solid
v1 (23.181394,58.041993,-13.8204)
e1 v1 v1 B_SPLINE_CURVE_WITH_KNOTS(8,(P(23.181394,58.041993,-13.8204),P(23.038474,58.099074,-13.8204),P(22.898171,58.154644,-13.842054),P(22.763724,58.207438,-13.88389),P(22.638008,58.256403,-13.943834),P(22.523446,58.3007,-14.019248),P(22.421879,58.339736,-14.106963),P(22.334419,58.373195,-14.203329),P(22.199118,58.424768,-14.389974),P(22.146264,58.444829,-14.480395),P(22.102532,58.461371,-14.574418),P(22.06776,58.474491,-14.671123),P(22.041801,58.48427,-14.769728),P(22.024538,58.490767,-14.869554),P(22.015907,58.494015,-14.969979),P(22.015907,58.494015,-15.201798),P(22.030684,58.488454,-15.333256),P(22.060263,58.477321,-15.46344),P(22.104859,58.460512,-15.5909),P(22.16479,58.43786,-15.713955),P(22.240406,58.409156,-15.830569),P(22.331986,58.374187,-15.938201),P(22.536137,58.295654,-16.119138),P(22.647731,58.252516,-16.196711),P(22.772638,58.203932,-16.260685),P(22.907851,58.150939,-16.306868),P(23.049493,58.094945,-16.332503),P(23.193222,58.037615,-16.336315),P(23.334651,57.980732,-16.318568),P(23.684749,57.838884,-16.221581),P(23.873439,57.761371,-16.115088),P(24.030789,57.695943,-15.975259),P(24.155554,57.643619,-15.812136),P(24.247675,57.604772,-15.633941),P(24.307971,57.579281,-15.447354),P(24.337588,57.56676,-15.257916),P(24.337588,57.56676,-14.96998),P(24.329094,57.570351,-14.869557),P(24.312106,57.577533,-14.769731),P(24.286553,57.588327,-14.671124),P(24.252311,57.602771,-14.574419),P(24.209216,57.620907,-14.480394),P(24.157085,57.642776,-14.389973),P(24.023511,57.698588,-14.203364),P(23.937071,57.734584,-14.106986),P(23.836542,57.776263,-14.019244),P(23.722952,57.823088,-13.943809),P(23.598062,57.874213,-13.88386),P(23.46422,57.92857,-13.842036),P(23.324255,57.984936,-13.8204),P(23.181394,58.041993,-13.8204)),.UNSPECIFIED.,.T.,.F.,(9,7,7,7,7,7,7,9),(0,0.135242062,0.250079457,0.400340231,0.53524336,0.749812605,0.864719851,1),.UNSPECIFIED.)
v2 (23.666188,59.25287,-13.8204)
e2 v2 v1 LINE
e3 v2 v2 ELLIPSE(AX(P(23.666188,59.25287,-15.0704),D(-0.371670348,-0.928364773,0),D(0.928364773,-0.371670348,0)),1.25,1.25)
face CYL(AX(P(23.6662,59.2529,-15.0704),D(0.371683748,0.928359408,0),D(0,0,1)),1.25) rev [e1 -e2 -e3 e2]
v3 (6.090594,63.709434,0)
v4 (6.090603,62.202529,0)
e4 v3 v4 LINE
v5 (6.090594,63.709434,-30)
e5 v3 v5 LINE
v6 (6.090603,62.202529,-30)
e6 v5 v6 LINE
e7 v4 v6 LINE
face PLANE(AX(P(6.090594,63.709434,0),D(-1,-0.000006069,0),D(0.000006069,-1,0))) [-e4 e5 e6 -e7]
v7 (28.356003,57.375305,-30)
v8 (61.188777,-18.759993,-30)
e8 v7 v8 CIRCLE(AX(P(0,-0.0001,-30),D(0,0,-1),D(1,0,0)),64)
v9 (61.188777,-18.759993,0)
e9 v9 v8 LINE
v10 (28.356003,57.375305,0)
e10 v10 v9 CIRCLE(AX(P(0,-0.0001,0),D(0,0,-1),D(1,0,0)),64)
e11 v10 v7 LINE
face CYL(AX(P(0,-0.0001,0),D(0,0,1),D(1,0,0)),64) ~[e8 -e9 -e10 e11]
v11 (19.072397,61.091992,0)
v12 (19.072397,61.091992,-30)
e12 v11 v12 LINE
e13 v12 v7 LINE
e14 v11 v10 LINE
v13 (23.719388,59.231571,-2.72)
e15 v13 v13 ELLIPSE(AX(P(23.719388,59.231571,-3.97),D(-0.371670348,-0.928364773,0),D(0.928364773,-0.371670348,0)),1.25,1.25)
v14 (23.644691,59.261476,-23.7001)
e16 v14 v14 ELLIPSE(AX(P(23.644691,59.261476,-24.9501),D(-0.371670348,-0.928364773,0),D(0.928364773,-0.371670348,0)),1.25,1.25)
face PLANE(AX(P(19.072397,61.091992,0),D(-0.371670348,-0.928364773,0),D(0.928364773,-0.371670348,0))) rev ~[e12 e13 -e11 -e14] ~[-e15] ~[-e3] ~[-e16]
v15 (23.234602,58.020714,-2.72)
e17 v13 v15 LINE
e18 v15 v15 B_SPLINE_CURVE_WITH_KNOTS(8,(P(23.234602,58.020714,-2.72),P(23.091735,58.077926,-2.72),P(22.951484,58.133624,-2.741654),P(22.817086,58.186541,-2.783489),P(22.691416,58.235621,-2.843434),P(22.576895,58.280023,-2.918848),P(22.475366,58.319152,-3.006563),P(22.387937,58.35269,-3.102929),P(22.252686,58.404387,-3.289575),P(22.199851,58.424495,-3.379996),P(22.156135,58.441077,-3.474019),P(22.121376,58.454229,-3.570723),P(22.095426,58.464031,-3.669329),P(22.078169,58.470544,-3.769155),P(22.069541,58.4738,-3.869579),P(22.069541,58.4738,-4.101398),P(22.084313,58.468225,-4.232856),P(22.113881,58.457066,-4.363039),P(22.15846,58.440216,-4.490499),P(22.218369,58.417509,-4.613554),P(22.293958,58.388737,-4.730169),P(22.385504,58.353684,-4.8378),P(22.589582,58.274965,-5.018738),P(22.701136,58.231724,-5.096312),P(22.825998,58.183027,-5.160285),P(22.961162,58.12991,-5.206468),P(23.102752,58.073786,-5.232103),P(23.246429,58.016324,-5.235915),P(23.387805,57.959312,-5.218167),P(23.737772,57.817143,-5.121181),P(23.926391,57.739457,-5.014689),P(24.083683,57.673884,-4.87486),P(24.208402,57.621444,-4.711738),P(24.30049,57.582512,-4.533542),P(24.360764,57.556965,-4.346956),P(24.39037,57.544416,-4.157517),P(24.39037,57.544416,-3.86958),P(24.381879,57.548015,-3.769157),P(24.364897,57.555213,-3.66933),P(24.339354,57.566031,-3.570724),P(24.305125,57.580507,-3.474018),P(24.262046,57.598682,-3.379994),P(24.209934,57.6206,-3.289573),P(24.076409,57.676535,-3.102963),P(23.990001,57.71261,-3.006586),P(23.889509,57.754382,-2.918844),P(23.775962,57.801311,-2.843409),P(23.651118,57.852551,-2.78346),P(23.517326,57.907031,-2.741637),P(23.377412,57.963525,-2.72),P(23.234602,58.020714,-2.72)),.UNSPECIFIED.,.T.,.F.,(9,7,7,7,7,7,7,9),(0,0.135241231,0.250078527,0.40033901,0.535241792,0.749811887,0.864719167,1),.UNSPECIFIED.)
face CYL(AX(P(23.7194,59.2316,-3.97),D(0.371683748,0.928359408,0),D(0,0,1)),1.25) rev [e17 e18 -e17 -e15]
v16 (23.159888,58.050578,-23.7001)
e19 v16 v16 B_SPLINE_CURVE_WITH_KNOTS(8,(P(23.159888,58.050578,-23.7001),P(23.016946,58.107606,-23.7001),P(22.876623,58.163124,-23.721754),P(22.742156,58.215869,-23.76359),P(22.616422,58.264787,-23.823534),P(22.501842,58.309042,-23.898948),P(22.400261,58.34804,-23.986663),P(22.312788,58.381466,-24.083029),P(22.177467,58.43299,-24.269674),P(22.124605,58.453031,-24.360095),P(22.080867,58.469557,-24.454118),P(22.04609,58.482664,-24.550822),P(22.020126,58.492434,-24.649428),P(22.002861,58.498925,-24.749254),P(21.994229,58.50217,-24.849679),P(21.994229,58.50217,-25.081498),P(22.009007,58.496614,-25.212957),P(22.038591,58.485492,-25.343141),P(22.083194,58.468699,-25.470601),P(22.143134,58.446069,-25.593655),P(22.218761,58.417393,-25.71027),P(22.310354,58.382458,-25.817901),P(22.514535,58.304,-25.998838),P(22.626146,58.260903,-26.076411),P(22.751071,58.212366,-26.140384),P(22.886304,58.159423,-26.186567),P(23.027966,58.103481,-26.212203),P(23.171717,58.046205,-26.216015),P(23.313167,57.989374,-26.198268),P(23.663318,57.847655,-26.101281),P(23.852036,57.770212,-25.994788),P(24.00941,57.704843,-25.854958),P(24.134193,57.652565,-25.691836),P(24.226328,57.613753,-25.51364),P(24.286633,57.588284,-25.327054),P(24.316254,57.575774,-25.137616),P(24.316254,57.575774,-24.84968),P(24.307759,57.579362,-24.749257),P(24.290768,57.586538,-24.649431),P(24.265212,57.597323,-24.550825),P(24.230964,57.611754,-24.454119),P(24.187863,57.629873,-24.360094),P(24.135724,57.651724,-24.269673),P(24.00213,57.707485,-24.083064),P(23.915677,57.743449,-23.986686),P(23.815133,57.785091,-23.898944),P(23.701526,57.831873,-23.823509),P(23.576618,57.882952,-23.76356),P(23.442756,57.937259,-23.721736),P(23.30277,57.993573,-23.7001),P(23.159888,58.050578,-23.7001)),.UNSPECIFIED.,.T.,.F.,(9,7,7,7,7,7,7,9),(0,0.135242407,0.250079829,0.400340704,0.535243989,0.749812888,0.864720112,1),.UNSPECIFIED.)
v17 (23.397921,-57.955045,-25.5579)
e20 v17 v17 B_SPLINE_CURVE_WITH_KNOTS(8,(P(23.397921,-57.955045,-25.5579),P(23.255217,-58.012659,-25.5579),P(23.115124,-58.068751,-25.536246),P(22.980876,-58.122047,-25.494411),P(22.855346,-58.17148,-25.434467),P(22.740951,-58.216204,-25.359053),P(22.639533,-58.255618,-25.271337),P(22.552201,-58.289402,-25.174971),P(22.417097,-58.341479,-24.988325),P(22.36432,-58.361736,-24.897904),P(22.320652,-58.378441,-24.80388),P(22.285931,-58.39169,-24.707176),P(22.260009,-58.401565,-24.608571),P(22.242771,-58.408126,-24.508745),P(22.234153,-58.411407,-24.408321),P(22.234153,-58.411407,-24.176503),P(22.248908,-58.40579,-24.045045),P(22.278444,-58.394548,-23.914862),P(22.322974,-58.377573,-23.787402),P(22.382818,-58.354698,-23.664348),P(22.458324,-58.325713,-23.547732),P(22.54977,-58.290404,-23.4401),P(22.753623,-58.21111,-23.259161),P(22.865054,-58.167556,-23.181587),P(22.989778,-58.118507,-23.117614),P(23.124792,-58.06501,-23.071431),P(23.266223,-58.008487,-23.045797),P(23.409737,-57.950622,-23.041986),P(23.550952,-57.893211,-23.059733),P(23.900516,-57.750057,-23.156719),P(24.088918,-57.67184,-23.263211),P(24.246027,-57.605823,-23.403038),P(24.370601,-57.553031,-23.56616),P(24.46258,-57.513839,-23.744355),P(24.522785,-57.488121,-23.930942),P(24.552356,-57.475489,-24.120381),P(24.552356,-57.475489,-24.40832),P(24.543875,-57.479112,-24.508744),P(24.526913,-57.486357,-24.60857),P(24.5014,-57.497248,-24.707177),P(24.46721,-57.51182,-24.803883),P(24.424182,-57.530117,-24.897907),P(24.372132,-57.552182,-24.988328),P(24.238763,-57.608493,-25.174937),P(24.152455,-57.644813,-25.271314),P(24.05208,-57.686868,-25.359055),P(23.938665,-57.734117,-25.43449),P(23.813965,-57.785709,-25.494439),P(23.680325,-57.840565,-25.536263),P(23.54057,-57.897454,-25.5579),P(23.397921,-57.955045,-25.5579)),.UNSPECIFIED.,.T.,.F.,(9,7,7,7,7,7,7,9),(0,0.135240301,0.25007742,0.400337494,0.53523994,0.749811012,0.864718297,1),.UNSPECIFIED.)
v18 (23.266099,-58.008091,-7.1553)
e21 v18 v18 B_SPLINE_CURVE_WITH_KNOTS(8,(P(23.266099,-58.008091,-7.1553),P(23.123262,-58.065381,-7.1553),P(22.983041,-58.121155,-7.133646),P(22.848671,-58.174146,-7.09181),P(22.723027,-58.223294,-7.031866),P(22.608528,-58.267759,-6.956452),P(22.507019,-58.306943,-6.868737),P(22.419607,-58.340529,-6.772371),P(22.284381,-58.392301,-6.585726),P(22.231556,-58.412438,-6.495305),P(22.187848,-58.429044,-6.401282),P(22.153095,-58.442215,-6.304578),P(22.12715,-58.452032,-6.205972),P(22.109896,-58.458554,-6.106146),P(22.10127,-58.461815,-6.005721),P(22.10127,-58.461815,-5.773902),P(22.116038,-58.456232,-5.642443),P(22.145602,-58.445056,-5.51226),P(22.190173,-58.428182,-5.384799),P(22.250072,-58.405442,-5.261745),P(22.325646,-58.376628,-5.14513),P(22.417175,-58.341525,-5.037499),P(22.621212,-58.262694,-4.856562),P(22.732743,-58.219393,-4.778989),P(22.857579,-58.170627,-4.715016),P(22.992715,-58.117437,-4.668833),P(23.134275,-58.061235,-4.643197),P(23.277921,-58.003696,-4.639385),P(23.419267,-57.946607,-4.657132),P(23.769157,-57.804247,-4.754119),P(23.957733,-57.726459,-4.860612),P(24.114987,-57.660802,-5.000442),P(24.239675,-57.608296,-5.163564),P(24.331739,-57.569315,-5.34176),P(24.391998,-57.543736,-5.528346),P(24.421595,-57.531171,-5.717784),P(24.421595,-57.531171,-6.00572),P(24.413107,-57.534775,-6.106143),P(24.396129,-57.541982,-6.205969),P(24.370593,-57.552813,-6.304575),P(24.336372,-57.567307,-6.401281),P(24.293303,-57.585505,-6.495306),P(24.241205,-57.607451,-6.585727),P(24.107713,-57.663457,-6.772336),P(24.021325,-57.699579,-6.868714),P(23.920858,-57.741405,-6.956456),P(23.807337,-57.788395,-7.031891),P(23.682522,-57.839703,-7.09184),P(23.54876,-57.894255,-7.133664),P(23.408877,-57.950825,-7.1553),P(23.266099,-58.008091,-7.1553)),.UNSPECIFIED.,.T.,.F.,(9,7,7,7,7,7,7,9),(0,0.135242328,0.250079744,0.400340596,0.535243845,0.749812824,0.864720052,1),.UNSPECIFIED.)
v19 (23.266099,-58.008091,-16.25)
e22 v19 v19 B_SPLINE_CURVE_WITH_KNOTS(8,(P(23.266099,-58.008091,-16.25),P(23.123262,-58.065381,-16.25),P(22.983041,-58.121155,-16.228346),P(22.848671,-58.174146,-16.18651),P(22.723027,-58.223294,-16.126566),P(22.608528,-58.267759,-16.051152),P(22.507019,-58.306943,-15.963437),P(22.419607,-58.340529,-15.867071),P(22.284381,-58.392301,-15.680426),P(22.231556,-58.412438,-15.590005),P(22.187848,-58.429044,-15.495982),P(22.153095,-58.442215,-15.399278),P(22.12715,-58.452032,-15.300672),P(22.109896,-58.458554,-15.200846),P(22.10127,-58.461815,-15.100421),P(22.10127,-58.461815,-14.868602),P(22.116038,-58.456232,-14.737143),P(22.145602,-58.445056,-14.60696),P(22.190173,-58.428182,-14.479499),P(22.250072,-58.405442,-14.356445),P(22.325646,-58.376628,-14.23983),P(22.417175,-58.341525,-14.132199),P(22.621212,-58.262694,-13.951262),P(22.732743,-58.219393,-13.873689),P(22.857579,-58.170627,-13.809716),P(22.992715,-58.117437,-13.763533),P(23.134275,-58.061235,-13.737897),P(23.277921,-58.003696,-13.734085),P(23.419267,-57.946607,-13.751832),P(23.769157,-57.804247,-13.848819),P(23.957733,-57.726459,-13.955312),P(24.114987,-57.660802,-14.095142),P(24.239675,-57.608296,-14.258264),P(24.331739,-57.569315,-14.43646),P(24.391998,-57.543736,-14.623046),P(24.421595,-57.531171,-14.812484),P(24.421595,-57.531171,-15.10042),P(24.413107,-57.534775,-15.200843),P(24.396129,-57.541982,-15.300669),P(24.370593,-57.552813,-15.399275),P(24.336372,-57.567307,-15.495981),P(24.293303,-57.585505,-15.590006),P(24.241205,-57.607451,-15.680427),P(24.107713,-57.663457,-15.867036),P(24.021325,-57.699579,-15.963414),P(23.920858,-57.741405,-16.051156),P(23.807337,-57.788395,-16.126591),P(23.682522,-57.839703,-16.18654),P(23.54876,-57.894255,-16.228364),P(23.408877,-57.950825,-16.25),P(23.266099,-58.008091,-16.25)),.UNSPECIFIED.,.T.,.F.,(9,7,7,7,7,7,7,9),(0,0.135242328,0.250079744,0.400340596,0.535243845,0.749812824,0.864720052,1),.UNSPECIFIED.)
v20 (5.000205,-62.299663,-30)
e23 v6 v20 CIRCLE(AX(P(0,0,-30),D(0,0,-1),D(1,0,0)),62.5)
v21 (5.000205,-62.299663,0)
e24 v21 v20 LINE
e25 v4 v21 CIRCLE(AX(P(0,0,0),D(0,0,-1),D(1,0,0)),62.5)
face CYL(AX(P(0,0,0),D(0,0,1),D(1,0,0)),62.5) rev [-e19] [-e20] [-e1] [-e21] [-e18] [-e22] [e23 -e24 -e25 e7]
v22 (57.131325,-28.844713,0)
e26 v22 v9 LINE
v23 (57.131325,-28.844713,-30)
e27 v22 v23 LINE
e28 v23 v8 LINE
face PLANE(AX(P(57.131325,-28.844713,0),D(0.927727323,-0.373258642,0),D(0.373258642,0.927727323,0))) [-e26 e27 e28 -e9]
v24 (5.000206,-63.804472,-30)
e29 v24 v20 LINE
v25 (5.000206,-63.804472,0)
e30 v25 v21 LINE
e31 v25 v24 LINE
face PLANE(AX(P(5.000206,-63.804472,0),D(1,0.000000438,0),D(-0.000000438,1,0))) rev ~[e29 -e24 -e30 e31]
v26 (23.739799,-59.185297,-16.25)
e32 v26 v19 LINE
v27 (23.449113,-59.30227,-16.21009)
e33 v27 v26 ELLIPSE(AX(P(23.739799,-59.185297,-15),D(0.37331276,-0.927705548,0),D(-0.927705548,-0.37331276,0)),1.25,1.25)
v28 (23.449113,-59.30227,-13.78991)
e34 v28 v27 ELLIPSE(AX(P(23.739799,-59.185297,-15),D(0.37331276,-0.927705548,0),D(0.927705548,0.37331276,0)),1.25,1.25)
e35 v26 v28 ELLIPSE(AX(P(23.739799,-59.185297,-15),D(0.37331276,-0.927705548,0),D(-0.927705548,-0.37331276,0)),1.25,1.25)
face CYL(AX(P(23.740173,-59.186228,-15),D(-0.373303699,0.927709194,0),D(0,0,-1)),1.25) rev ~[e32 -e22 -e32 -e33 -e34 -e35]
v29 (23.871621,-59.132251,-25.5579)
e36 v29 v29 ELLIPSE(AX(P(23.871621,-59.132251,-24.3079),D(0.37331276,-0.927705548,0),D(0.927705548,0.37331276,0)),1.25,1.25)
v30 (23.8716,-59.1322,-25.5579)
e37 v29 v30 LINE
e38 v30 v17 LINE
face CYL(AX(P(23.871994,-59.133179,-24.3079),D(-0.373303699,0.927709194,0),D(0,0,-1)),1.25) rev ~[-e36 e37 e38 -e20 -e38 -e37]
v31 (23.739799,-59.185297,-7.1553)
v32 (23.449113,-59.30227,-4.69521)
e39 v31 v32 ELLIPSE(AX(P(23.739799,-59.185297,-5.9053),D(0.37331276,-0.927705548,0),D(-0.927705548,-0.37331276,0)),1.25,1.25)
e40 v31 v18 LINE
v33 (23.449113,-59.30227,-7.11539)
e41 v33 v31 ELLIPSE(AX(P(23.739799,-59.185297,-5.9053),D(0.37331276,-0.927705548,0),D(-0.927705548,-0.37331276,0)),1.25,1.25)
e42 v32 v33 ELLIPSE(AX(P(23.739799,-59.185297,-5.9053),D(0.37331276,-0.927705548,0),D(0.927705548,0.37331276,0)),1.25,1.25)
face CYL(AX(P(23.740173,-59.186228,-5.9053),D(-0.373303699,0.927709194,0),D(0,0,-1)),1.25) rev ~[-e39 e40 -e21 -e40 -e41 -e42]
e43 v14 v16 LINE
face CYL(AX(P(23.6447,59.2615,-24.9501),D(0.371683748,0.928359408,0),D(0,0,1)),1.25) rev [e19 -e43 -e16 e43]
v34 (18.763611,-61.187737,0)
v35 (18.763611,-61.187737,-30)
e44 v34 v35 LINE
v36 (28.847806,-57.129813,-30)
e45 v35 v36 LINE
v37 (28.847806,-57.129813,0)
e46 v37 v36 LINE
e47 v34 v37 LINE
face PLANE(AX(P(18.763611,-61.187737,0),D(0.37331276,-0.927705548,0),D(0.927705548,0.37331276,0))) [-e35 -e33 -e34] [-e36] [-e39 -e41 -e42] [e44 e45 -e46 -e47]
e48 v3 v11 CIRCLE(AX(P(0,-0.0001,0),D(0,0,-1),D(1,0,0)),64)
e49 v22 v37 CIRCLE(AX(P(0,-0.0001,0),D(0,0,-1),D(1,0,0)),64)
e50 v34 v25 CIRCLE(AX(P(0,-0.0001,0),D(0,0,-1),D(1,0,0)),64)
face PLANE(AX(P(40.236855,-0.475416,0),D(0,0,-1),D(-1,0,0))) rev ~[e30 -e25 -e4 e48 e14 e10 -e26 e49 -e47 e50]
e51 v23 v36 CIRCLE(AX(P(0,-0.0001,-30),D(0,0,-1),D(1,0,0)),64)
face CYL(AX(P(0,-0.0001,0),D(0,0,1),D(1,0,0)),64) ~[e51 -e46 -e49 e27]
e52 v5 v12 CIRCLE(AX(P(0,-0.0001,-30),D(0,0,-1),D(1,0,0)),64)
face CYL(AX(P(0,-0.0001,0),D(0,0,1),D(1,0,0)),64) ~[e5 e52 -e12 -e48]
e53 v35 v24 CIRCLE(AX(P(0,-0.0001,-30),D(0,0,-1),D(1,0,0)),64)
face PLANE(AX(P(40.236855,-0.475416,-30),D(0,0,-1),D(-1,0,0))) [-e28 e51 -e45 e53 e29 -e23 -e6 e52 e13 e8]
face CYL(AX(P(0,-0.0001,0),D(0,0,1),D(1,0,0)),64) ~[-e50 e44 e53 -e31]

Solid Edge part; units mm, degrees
sketch "Sketch1" plane through (0, 0, 0) normal (0, 0, 1) x (1, 0, 0)
  arc A0 (28.356, 57.3753) -> (61.1888, -18.76) centre (0, -0.0001) cw
  line L0 (57.1313, -28.8447) -> (61.1888, -18.76)
  arc A1 (57.1313, -28.8447) -> (28.8478, -57.1298) centre (0, -0.0001) cw
  line L1 (18.7636, -61.1877) -> (28.8478, -57.1298)
  arc A2 (18.7636, -61.1877) -> (5.0002, -63.8044) centre (0, -0.0001) cw
  line L2 (5.0002, -63.8044) -> (5.0002, -62.2996)
  line L3 (6.0906, 63.7095) -> (6.0906, 62.2025)
  arc A3 (6.0906, 63.7095) -> (19.0724, 61.092) centre (0, -0.0001) cw
  line L4 (19.0724, 61.092) -> (28.356, 57.3753)
  arc A4 (6.0906, 62.2025) -> (5.0002, -62.2997) centre (0, 0) cw
  arc A5 (6.0906, 62.2025) -> (5.0002, -62.2997) centre (0, 0) cw
  arc A6 (6.0906, 62.2025) -> (5.0002, -62.2997) centre (0, 0) cw
extrude "Protrusion1" add sketch "Sketch1" against normal blind 30
hole "Hole_3" at (23.7398, -59.1853, -5.9053) direction (-0.3733, 0.9277, 0) diameter 2.5 end up to next
hole "Hole1" at (23.8716, -59.1322, -24.3079) direction (-0.3733, 0.9277, 0) diameter 2.5 end up to next
hole "Hole2" at (23.7398, -59.1853, -15) direction (-0.3733, 0.9277, 0) diameter 2.5 end up to next
hole "Hole_6" at (23.7194, 59.2316, -3.97) direction (-0.3717, -0.9284, 0) diameter 2.5 end up to next
hole "Hole3" at (23.6662, 59.2529, -15.0704) direction (-0.3717, -0.9284, 0) diameter 2.5 end up to next
hole "Hole4" at (23.6447, 59.2615, -24.9501) direction (-0.3717, -0.9284, 0) diameter 2.5 end up to next
